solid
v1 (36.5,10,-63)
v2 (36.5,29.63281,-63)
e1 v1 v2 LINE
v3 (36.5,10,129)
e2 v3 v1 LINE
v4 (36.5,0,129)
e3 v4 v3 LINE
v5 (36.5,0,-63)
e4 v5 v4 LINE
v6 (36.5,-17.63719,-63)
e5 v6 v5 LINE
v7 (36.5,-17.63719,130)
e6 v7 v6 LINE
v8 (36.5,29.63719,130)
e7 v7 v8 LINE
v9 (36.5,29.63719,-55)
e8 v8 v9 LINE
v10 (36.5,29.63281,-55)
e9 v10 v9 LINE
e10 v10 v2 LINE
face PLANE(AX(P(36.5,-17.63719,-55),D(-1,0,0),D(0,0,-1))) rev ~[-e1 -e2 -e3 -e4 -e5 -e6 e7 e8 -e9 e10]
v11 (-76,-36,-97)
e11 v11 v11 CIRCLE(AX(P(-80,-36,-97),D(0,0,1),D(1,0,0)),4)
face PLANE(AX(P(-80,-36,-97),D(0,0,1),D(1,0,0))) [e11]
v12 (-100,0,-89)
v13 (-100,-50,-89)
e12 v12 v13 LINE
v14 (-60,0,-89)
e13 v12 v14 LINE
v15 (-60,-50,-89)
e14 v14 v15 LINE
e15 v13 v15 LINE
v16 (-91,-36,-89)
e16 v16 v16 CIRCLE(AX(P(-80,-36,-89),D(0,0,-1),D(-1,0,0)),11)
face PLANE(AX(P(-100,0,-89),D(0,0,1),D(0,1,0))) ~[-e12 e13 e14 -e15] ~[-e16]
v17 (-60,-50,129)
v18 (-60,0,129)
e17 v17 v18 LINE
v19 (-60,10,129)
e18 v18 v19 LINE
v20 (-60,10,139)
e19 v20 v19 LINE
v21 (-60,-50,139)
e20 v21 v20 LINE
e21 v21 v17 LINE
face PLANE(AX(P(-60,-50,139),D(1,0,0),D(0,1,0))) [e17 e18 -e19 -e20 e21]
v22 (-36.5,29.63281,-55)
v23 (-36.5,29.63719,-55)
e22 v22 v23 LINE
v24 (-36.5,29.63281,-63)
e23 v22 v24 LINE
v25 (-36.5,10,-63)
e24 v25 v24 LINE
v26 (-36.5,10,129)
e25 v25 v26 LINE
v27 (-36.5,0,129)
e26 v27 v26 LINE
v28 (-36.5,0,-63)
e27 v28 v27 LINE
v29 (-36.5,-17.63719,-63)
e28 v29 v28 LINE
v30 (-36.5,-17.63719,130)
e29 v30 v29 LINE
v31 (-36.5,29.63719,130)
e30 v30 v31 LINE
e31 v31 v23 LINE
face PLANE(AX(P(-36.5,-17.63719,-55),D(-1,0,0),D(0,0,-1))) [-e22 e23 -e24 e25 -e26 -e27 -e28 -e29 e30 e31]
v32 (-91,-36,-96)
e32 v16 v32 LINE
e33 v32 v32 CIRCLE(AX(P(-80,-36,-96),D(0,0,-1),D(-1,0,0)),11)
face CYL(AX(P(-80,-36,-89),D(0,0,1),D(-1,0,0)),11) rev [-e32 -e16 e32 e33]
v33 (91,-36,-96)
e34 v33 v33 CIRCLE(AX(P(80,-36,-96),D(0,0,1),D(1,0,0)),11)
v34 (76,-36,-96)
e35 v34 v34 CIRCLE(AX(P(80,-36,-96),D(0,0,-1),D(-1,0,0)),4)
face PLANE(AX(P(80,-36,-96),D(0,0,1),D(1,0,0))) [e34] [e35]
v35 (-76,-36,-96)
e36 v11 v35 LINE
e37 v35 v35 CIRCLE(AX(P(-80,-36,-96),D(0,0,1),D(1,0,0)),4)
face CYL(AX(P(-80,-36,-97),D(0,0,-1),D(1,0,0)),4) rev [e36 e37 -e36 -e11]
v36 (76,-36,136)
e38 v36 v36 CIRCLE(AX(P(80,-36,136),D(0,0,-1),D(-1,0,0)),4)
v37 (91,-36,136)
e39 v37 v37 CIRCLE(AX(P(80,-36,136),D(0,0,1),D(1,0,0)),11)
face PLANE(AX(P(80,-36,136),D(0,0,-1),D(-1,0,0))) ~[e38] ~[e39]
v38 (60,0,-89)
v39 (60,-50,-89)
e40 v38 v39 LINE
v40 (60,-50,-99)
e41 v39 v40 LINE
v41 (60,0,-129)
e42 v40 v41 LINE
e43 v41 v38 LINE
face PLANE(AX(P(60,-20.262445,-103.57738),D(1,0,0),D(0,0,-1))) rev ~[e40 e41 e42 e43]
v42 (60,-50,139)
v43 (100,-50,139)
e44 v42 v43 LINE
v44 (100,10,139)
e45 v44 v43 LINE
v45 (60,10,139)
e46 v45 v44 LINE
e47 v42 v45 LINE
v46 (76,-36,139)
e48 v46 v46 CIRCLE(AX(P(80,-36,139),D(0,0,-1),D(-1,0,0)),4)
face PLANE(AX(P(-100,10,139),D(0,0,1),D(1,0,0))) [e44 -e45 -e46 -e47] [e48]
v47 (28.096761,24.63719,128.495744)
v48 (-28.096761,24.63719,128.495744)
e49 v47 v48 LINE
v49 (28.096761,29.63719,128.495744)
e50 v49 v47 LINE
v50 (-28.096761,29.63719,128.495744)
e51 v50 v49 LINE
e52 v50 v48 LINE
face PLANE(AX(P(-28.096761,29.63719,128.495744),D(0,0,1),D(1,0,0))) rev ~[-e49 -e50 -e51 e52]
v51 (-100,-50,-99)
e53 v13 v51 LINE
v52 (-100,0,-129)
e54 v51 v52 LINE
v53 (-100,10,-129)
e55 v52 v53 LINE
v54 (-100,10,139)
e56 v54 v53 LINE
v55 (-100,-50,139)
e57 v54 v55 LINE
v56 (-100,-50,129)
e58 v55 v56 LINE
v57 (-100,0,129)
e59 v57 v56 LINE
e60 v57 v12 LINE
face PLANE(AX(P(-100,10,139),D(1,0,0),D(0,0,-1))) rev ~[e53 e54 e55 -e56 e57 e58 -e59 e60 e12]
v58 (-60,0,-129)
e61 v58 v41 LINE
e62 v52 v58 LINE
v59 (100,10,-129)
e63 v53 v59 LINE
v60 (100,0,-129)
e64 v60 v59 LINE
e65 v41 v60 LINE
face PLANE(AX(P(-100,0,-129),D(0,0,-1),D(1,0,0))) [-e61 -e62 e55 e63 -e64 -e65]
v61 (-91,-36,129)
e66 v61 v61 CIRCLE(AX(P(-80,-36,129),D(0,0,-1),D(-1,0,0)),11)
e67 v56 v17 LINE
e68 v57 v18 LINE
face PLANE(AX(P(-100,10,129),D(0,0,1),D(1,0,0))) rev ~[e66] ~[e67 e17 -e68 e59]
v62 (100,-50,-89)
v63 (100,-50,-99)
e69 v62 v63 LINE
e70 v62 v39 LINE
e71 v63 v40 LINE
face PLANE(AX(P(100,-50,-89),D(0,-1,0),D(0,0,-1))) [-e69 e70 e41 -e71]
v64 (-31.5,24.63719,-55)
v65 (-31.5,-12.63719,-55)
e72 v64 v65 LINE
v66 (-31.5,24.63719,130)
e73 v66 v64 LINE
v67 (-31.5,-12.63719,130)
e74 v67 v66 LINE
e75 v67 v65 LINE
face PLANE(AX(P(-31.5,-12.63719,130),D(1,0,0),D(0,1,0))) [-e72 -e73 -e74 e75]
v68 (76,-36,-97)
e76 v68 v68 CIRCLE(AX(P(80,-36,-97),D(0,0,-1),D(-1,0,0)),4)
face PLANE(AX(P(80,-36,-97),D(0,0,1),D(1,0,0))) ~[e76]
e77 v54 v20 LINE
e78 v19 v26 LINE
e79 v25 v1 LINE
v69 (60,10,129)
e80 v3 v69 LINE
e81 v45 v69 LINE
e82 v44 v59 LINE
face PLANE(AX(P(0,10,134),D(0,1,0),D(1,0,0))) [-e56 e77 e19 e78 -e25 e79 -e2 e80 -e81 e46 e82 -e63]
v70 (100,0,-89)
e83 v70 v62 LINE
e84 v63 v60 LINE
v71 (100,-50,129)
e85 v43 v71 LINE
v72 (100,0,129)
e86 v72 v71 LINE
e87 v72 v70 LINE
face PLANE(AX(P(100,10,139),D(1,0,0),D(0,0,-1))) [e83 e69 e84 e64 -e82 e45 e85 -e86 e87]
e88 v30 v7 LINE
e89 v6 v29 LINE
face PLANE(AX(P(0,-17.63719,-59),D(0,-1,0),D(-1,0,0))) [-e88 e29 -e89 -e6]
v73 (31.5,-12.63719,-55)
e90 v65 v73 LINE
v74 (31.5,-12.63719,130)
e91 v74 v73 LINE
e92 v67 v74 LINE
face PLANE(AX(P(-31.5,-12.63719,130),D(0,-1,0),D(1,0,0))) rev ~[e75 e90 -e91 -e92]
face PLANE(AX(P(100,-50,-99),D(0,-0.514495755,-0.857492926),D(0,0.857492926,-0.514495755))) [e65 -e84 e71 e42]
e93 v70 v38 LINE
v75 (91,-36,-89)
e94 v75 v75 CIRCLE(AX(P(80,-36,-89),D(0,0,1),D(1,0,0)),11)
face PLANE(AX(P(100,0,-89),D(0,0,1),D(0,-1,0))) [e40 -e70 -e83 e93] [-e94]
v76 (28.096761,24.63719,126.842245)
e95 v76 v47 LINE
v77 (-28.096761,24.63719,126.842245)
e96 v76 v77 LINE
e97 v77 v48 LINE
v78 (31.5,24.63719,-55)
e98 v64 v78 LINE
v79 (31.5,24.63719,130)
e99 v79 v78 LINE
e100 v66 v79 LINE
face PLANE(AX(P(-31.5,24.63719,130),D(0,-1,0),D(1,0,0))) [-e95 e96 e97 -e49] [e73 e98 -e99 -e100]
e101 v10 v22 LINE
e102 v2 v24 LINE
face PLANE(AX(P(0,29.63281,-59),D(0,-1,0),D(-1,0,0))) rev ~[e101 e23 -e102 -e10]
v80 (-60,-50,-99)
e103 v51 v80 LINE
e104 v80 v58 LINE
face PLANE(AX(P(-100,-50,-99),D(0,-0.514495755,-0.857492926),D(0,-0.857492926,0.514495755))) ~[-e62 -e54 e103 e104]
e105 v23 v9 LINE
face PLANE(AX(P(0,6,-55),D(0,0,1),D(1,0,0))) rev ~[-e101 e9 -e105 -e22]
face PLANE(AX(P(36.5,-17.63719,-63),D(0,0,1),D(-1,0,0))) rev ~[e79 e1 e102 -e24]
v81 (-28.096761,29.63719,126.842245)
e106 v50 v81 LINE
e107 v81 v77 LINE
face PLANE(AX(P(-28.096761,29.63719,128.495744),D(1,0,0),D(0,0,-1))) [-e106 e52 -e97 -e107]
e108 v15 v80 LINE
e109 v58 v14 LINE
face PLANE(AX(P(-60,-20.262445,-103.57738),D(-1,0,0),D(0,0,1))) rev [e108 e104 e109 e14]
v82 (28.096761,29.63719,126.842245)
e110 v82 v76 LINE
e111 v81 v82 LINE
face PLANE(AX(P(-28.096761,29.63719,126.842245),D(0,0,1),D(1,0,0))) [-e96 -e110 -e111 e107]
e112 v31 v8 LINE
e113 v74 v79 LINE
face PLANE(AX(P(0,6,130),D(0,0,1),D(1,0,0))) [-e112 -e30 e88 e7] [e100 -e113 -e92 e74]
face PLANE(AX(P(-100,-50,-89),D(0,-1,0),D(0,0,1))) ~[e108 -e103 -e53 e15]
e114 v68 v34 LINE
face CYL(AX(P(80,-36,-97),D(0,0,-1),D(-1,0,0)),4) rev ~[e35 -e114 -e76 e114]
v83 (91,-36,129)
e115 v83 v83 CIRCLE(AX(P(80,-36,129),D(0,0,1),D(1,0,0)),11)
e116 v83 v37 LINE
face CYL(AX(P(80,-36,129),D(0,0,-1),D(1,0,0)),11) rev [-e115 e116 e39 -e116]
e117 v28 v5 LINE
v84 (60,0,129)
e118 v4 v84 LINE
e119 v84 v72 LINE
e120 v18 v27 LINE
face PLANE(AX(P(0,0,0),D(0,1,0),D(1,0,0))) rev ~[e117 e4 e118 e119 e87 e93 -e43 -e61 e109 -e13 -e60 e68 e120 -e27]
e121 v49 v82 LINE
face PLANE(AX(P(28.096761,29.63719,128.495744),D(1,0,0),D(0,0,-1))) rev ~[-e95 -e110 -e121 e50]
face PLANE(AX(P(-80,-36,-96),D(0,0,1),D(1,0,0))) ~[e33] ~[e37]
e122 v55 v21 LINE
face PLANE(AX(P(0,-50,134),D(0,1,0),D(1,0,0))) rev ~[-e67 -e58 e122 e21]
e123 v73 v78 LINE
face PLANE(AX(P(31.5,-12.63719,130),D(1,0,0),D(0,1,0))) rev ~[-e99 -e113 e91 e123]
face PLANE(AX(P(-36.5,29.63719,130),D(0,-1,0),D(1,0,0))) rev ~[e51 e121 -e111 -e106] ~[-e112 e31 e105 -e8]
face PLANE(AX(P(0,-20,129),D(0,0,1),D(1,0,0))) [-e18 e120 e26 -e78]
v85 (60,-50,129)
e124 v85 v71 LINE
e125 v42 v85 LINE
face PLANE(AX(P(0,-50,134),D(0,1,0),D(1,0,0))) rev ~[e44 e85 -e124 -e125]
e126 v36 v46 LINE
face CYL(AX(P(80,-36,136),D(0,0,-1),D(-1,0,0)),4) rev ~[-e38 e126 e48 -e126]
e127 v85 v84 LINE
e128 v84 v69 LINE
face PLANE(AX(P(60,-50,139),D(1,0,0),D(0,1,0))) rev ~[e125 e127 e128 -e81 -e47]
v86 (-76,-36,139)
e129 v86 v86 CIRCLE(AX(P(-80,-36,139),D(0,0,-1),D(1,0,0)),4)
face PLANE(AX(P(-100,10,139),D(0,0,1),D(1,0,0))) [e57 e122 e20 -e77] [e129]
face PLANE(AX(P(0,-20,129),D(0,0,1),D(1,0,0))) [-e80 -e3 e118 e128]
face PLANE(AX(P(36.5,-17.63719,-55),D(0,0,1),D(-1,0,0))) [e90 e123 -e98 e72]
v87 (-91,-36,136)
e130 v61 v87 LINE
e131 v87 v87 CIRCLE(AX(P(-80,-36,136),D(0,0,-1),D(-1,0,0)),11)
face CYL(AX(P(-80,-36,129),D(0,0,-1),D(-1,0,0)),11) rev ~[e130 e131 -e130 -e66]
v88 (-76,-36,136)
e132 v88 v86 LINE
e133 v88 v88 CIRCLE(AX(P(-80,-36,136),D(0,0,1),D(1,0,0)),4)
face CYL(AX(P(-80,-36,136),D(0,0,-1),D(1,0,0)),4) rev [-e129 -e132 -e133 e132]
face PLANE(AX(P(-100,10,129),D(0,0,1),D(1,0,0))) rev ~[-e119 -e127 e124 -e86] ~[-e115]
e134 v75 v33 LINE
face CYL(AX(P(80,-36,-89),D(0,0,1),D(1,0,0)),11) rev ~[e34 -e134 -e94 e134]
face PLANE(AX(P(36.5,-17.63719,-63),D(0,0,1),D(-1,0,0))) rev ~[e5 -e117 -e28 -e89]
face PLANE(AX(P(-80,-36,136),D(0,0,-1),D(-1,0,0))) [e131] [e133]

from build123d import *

# Parameters (mm, degrees)
SKETCH1_W                                  = 200
SKETCH1_H                                  = 258
BOSS_EXTRUDE1_DEPTH                        = 10
BOSS_EXTRUDE4_DEPTH                        = 40
SKETCH5_R                                  = 11
CUT_EXTRUDE2_DEPTH                         = 7
SKETCH6_W                                  = 200
SKETCH6_H                                  = 10
BOSS_EXTRUDE6_DEPTH                        = 60
SKETCH7_W                                  = 120
SKETCH7_H                                  = 60
CUT_EXTRUDE3_DEPTH                         = 10
MIRROR4_AT_THE_SECOND_PLANE_COPY_1_SKETC_R = 11
MIRROR4_AT_THE_SECOND_PLANE_COPY_1_DEPTH   = 7
SKETCH8_R                                  = 4
CUT_EXTRUDE4_DEPTH                         = 10
CUT_EXTRUDE6_START                         = -1
SKETCH9_R                                  = 4
CUT_EXTRUDE6_DEPTH                         = 1
SKETCH12_W                                 = 73
SKETCH12_H                                 = 47.27438
SKETCH12_W_2                               = 63
SKETCH12_H_2                               = 37.27438
BOSS_EXTRUDE8_DEPTH                        = 185
SKETCH14_W                                 = 63
SKETCH14_H                                 = 23.684822392
CUT_EXTRUDE7_DEPTH                         = 184
SKETCH15_W                                 = 73
SKETCH15_H                                 = 8
CUT_EXTRUDE8_DEPTH                         = 184
SKETCH16_W                                 = 73
SKETCH16_H                                 = 8
BOSS_EXTRUDE9_DEPTH                        = 47.27
SKETCH17_W                                 = 56.193521686
SKETCH17_H                                 = 1.65349891
CUT_EXTRUDE9_DEPTH                         = 7.27


with BuildPart() as part:
    # Sketch1 → Boss-Extrude1 (new body)
    with BuildSketch(Plane(origin=(0, 0, 0), x_dir=(1, 0, 0), z_dir=(0, 1, 0))):
        Rectangle(SKETCH1_W, SKETCH1_H)
    extrude(amount=BOSS_EXTRUDE1_DEPTH)

    # Sketch2 → Boss-Extrude4 (add)
    with BuildSketch(Plane(origin=(100, 0, 0), x_dir=(0, 0, -1), z_dir=(1, 0, 0))):
        Polygon((89, 0), (89, -50), (99, -50), (129, 0), align=None)
    boss_extrude4 = extrude(amount=-BOSS_EXTRUDE4_DEPTH)

    # Sketch5 → Cut-Extrude2 (cut)
    with BuildSketch(Plane.XY.offset(-89)):
        with Locations((80, -36)):
            Circle(SKETCH5_R)
    cut_extrude2 = extrude(amount=-CUT_EXTRUDE2_DEPTH, mode=Mode.SUBTRACT)

    # Mirror3: Boss-Extrude4, Cut-Extrude2 across plane
    add(boss_extrude4.mirror(Plane(origin=(0, 0, 0), x_dir=(0, 0, 1), z_dir=(1, 0, 0))))
    add(cut_extrude2.mirror(Plane(origin=(0, 0, 0), x_dir=(0, 0, 1), z_dir=(1, 0, 0))), mode=Mode.SUBTRACT)

    # Sketch6 → Boss-Extrude6 (add)
    with BuildSketch(Plane(origin=(0, 10, 0), x_dir=(1, 0, 0), z_dir=(0, 1, 0))):
        with Locations((0, -134)):
            Rectangle(SKETCH6_W, SKETCH6_H)
    extrude(amount=-BOSS_EXTRUDE6_DEPTH)

    # Sketch7 → Cut-Extrude3 (cut)
    with BuildSketch(Plane.XY.offset(139)):
        with Locations((0, -20)):
            Rectangle(SKETCH7_W, SKETCH7_H)
    extrude(amount=-CUT_EXTRUDE3_DEPTH, mode=Mode.SUBTRACT)

    # Mirror4: Cut-Extrude2 across plane
    add(cut_extrude2.mirror(Plane(origin=(0, 0, 0), x_dir=(0, 0, 1), z_dir=(1, 0, 0))), mode=Mode.SUBTRACT)

    # Mirror4 at the second plane: Cut-Extrude2 across plane
    add(cut_extrude2.mirror(Plane.XY.offset(20)), mode=Mode.SUBTRACT)

    # Mirror4 at the second plane copy 1 sketc → Mirror4 at the second plane copy 1 (cut)
    with BuildSketch(Plane(origin=(0, 0, 129), x_dir=(-1, 0, 0), z_dir=(0, 0, -1))):
        with Locations((80, -36)):
            Circle(MIRROR4_AT_THE_SECOND_PLANE_COPY_1_SKETC_R)
    extrude(amount=-MIRROR4_AT_THE_SECOND_PLANE_COPY_1_DEPTH, mode=Mode.SUBTRACT)

    # Sketch8 → Cut-Extrude4 (cut)
    with BuildSketch(Plane(origin=(0, 0, 136), x_dir=(-1, 0, 0), z_dir=(0, 0, -1))):
        with Locations((-80, -36)):
            Circle(SKETCH8_R)
    cut_extrude4 = extrude(amount=-CUT_EXTRUDE4_DEPTH, mode=Mode.SUBTRACT)

    # Mirror5: Cut-Extrude4 across plane
    add(cut_extrude4.mirror(Plane(origin=(0, 0, 0), x_dir=(0, 0, 1), z_dir=(1, 0, 0))), mode=Mode.SUBTRACT)

    # Sketch9 → Cut-Extrude6 (cut)
    with BuildSketch(Plane.XY.offset(-96).offset(CUT_EXTRUDE6_START)):
        with Locations((-80, -36)):
            Circle(SKETCH9_R)
    cut_extrude6 = extrude(amount=CUT_EXTRUDE6_DEPTH, mode=Mode.SUBTRACT)

    # Mirror6: Cut-Extrude6 across plane
    add(cut_extrude6.mirror(Plane(origin=(0, 0, 0), x_dir=(0, 0, 1), z_dir=(1, 0, 0))), mode=Mode.SUBTRACT)

    # Sketch14 → Cut-Extrude7 (cut)
    with BuildSketch(Plane.XY.offset(129)):
        Rectangle(SKETCH14_W, SKETCH14_H)
    extrude(amount=-CUT_EXTRUDE7_DEPTH, mode=Mode.SUBTRACT)

    # Sketch15 → Cut-Extrude8 (cut)
    with BuildSketch(Plane(origin=(0, -17.63719, 0), x_dir=(-1, 0, 0), z_dir=(0, -1, 0))):
        with Locations((0, 59)):
            Rectangle(SKETCH15_W, SKETCH15_H)
    extrude(amount=-CUT_EXTRUDE8_DEPTH, mode=Mode.SUBTRACT)



with BuildPart() as body_2:
    # Sketch12 → Boss-Extrude8 (new body)
    with BuildSketch(Plane.XY.offset(130)):
        with Locations((0, 6)):
            Rectangle(SKETCH12_W, SKETCH12_H)
        with Locations((0, 6)):
            Rectangle(SKETCH12_W_2, SKETCH12_H_2, mode=Mode.SUBTRACT)
    extrude(amount=-BOSS_EXTRUDE8_DEPTH)


with BuildPart() as part_1:
    add(part.part)

    add(body_2.part)  # Boss-Extrude9 merges body 2
    # Sketch16 → Boss-Extrude9 (add)
    with BuildSketch(Plane(origin=(0, -17.63719, 0), x_dir=(-1, 0, 0), z_dir=(0, -1, 0))):
        with Locations((0, 59)):
            Rectangle(SKETCH16_W, SKETCH16_H)
    extrude(amount=-BOSS_EXTRUDE9_DEPTH)

    # Sketch17 → Cut-Extrude9 (cut)
    with BuildSketch(Plane(origin=(0, 29.63719, 0), x_dir=(1, 0, 0), z_dir=(0, 1, 0))):
        with Locations((0, -127.668994325)):
            Rectangle(SKETCH17_W, SKETCH17_H)
    extrude(amount=-CUT_EXTRUDE9_DEPTH, mode=Mode.SUBTRACT)


solid = part_1.part
